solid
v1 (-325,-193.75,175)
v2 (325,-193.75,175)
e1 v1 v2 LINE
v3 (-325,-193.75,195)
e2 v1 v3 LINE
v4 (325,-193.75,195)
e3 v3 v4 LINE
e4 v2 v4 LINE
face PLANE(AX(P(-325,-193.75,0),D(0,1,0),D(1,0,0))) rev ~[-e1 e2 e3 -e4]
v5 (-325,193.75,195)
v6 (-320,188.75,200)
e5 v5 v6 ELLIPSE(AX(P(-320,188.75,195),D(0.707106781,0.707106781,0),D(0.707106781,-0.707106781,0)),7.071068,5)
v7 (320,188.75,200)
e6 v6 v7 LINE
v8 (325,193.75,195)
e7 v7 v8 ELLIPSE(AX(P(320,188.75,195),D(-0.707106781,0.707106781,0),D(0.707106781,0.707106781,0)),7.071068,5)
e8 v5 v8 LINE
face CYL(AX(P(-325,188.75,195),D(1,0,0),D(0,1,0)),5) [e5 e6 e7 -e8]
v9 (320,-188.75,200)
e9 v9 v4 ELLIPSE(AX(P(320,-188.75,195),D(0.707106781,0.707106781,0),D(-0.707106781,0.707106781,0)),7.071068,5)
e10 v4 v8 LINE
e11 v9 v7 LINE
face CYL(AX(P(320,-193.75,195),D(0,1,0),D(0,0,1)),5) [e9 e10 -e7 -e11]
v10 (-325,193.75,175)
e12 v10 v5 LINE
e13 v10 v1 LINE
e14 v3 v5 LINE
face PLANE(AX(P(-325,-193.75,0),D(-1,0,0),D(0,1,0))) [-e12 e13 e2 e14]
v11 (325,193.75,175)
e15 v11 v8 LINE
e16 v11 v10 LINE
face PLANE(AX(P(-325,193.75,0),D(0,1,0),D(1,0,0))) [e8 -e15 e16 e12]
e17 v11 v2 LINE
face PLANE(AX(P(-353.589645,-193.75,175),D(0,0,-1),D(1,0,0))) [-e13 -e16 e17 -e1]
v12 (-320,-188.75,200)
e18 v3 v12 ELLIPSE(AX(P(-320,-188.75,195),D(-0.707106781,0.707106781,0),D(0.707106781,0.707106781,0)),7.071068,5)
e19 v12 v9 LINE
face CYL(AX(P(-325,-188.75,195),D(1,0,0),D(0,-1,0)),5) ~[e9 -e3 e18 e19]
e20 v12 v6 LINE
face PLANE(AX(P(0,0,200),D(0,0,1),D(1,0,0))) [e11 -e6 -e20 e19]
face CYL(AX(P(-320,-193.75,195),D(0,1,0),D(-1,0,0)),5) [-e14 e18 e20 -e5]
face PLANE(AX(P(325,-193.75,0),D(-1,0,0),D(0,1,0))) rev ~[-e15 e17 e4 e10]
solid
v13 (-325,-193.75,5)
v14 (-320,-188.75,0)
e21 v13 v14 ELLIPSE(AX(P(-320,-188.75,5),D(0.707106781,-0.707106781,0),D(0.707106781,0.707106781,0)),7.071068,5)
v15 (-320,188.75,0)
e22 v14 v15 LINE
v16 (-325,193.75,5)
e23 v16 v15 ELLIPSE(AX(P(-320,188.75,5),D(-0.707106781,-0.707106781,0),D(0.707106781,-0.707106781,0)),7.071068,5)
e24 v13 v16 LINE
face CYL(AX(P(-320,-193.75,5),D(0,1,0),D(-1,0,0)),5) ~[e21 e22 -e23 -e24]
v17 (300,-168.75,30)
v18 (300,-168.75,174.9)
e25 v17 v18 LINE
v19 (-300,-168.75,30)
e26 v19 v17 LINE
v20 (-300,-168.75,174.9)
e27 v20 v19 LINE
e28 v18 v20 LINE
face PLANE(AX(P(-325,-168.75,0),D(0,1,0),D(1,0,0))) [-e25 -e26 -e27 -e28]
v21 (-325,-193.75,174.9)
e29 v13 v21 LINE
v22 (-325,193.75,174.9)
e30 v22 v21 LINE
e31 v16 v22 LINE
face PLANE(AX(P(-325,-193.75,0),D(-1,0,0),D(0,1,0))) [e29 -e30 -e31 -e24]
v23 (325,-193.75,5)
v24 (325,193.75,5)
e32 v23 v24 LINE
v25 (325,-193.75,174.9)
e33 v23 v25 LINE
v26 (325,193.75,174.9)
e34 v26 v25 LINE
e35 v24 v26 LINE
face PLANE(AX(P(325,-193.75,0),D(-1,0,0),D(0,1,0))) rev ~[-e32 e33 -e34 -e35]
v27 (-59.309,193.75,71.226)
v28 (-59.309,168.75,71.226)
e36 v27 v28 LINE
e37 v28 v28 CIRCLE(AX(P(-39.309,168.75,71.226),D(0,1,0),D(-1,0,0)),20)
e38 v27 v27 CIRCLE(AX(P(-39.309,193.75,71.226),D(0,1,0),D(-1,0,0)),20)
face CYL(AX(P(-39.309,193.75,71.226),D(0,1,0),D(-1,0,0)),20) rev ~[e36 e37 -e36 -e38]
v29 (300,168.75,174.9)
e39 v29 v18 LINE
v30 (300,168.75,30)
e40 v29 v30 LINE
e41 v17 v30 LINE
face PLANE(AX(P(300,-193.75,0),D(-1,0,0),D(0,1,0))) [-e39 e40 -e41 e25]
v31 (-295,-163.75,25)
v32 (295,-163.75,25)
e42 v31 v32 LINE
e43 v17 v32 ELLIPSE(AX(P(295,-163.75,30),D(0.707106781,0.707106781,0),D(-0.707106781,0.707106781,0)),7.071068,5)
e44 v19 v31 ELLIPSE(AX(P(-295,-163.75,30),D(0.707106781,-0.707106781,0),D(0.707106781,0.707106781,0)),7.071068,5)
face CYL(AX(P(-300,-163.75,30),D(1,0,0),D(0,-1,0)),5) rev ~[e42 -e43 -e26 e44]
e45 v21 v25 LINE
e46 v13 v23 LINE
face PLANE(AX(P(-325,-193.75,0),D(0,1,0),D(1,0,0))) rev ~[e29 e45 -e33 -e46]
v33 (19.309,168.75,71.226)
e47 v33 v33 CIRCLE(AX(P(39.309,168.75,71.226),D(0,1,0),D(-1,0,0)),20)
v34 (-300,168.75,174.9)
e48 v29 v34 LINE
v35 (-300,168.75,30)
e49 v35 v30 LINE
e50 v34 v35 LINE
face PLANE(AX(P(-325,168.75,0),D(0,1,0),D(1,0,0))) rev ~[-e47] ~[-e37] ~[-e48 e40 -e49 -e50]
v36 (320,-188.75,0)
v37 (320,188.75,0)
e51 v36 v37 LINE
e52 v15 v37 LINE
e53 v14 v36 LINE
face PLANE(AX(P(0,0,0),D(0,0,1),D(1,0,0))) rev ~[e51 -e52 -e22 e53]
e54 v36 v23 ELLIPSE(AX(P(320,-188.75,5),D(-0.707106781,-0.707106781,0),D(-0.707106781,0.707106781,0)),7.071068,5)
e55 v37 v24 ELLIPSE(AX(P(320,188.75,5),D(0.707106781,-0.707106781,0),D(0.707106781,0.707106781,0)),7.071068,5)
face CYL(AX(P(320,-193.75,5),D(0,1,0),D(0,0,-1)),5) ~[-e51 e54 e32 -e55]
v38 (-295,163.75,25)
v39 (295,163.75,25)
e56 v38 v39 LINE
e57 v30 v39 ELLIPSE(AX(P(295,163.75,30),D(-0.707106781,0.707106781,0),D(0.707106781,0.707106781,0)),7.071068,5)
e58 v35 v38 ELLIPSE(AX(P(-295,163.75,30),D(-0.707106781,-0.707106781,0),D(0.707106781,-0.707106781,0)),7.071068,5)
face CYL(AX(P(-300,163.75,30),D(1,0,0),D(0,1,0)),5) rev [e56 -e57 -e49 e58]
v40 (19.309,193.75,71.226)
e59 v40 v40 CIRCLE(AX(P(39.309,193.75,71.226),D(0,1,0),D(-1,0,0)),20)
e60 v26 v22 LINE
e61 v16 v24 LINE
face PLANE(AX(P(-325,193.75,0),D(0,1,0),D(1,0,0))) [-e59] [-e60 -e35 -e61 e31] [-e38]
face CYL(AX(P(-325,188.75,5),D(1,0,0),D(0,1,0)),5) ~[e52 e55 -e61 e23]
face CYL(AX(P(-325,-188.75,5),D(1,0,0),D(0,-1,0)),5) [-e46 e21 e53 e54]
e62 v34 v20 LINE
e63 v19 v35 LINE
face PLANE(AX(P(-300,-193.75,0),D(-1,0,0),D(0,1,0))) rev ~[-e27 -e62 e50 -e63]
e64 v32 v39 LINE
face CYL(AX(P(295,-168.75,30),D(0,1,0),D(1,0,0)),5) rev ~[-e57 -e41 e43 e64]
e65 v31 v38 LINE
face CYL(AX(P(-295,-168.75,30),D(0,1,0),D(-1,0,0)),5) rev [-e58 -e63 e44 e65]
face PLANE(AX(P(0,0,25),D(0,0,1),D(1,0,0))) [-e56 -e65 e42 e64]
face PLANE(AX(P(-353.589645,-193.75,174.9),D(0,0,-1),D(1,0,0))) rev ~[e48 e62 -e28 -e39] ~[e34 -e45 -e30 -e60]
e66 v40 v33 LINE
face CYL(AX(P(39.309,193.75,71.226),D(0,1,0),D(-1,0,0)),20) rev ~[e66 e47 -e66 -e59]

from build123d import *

# Parameters (mm, degrees)
F0_W     = 650
F0_H     = 387.5
F1_DEPTH = 200
F2_T     = -25
F3_R     = 20
F4_DEPTH = 25
F5_R     = 5
F6_W     = 756.5549731451
F6_H     = 0.1
F7_DEPTH = 500
F8_W     = 610
F8_H     = 347.5
F9_DEPTH = 25


with BuildPart() as f1:
    # F0 (on Top) → F1 (new body)
    with BuildSketch(Plane.XY):
        Rectangle(F0_W, F0_H)
    extrude(amount=F1_DEPTH)

    # F2
    f2_openings = [f1.faces().sort_by_distance(p)[0] for p in [
        (0, 0, 200),
    ]]
    offset(amount=F2_T, openings=f2_openings)

    # F3 (on face) → F4 (cut)
    with BuildSketch(Plane(origin=(0, 193.75, 0), x_dir=(-1, 0, 0), z_dir=(0, 1, 0))):
        with Locations((-39.309, 71.226)):
            Circle(F3_R)
        with Locations((39.309, 71.226)):
            Circle(F3_R)
    extrude(amount=-F4_DEPTH, mode=Mode.SUBTRACT)

    # F5
    f5_edges = [f1.edges().sort_by_distance(p)[0] for p in [
        (300, 0, 25),
        (0, 168.75, 25),
        (-300, 0, 25),
        (0, -168.75, 25),
        (325, 0, 200),
        (0, 193.75, 200),
        (-325, 0, 200),
        (0, -193.75, 200),
        (300, 0, 200),
        (0, -168.75, 200),
        (-300, 0, 200),
        (0, 168.75, 200),
        (325, 0, 0),
        (0, 193.75, 0),
        (-325, 0, 0),
        (0, -193.75, 0),
    ]]
    fillet(f5_edges, radius=F5_R)

    # F6 (on face) → F7 (cut)
    with BuildSketch(Plane.XZ.offset(193.75)):
        with Locations((24.6878415346, 174.95)):
            Rectangle(F6_W, F6_H)
    extrude(amount=-F7_DEPTH, mode=Mode.SUBTRACT)

    # F8 (on face) → F9 (join)
    with BuildSketch(Plane.XY.offset(200)):
        Rectangle(F8_W, F8_H)
    extrude(amount=-F9_DEPTH)


solid = f1.part
